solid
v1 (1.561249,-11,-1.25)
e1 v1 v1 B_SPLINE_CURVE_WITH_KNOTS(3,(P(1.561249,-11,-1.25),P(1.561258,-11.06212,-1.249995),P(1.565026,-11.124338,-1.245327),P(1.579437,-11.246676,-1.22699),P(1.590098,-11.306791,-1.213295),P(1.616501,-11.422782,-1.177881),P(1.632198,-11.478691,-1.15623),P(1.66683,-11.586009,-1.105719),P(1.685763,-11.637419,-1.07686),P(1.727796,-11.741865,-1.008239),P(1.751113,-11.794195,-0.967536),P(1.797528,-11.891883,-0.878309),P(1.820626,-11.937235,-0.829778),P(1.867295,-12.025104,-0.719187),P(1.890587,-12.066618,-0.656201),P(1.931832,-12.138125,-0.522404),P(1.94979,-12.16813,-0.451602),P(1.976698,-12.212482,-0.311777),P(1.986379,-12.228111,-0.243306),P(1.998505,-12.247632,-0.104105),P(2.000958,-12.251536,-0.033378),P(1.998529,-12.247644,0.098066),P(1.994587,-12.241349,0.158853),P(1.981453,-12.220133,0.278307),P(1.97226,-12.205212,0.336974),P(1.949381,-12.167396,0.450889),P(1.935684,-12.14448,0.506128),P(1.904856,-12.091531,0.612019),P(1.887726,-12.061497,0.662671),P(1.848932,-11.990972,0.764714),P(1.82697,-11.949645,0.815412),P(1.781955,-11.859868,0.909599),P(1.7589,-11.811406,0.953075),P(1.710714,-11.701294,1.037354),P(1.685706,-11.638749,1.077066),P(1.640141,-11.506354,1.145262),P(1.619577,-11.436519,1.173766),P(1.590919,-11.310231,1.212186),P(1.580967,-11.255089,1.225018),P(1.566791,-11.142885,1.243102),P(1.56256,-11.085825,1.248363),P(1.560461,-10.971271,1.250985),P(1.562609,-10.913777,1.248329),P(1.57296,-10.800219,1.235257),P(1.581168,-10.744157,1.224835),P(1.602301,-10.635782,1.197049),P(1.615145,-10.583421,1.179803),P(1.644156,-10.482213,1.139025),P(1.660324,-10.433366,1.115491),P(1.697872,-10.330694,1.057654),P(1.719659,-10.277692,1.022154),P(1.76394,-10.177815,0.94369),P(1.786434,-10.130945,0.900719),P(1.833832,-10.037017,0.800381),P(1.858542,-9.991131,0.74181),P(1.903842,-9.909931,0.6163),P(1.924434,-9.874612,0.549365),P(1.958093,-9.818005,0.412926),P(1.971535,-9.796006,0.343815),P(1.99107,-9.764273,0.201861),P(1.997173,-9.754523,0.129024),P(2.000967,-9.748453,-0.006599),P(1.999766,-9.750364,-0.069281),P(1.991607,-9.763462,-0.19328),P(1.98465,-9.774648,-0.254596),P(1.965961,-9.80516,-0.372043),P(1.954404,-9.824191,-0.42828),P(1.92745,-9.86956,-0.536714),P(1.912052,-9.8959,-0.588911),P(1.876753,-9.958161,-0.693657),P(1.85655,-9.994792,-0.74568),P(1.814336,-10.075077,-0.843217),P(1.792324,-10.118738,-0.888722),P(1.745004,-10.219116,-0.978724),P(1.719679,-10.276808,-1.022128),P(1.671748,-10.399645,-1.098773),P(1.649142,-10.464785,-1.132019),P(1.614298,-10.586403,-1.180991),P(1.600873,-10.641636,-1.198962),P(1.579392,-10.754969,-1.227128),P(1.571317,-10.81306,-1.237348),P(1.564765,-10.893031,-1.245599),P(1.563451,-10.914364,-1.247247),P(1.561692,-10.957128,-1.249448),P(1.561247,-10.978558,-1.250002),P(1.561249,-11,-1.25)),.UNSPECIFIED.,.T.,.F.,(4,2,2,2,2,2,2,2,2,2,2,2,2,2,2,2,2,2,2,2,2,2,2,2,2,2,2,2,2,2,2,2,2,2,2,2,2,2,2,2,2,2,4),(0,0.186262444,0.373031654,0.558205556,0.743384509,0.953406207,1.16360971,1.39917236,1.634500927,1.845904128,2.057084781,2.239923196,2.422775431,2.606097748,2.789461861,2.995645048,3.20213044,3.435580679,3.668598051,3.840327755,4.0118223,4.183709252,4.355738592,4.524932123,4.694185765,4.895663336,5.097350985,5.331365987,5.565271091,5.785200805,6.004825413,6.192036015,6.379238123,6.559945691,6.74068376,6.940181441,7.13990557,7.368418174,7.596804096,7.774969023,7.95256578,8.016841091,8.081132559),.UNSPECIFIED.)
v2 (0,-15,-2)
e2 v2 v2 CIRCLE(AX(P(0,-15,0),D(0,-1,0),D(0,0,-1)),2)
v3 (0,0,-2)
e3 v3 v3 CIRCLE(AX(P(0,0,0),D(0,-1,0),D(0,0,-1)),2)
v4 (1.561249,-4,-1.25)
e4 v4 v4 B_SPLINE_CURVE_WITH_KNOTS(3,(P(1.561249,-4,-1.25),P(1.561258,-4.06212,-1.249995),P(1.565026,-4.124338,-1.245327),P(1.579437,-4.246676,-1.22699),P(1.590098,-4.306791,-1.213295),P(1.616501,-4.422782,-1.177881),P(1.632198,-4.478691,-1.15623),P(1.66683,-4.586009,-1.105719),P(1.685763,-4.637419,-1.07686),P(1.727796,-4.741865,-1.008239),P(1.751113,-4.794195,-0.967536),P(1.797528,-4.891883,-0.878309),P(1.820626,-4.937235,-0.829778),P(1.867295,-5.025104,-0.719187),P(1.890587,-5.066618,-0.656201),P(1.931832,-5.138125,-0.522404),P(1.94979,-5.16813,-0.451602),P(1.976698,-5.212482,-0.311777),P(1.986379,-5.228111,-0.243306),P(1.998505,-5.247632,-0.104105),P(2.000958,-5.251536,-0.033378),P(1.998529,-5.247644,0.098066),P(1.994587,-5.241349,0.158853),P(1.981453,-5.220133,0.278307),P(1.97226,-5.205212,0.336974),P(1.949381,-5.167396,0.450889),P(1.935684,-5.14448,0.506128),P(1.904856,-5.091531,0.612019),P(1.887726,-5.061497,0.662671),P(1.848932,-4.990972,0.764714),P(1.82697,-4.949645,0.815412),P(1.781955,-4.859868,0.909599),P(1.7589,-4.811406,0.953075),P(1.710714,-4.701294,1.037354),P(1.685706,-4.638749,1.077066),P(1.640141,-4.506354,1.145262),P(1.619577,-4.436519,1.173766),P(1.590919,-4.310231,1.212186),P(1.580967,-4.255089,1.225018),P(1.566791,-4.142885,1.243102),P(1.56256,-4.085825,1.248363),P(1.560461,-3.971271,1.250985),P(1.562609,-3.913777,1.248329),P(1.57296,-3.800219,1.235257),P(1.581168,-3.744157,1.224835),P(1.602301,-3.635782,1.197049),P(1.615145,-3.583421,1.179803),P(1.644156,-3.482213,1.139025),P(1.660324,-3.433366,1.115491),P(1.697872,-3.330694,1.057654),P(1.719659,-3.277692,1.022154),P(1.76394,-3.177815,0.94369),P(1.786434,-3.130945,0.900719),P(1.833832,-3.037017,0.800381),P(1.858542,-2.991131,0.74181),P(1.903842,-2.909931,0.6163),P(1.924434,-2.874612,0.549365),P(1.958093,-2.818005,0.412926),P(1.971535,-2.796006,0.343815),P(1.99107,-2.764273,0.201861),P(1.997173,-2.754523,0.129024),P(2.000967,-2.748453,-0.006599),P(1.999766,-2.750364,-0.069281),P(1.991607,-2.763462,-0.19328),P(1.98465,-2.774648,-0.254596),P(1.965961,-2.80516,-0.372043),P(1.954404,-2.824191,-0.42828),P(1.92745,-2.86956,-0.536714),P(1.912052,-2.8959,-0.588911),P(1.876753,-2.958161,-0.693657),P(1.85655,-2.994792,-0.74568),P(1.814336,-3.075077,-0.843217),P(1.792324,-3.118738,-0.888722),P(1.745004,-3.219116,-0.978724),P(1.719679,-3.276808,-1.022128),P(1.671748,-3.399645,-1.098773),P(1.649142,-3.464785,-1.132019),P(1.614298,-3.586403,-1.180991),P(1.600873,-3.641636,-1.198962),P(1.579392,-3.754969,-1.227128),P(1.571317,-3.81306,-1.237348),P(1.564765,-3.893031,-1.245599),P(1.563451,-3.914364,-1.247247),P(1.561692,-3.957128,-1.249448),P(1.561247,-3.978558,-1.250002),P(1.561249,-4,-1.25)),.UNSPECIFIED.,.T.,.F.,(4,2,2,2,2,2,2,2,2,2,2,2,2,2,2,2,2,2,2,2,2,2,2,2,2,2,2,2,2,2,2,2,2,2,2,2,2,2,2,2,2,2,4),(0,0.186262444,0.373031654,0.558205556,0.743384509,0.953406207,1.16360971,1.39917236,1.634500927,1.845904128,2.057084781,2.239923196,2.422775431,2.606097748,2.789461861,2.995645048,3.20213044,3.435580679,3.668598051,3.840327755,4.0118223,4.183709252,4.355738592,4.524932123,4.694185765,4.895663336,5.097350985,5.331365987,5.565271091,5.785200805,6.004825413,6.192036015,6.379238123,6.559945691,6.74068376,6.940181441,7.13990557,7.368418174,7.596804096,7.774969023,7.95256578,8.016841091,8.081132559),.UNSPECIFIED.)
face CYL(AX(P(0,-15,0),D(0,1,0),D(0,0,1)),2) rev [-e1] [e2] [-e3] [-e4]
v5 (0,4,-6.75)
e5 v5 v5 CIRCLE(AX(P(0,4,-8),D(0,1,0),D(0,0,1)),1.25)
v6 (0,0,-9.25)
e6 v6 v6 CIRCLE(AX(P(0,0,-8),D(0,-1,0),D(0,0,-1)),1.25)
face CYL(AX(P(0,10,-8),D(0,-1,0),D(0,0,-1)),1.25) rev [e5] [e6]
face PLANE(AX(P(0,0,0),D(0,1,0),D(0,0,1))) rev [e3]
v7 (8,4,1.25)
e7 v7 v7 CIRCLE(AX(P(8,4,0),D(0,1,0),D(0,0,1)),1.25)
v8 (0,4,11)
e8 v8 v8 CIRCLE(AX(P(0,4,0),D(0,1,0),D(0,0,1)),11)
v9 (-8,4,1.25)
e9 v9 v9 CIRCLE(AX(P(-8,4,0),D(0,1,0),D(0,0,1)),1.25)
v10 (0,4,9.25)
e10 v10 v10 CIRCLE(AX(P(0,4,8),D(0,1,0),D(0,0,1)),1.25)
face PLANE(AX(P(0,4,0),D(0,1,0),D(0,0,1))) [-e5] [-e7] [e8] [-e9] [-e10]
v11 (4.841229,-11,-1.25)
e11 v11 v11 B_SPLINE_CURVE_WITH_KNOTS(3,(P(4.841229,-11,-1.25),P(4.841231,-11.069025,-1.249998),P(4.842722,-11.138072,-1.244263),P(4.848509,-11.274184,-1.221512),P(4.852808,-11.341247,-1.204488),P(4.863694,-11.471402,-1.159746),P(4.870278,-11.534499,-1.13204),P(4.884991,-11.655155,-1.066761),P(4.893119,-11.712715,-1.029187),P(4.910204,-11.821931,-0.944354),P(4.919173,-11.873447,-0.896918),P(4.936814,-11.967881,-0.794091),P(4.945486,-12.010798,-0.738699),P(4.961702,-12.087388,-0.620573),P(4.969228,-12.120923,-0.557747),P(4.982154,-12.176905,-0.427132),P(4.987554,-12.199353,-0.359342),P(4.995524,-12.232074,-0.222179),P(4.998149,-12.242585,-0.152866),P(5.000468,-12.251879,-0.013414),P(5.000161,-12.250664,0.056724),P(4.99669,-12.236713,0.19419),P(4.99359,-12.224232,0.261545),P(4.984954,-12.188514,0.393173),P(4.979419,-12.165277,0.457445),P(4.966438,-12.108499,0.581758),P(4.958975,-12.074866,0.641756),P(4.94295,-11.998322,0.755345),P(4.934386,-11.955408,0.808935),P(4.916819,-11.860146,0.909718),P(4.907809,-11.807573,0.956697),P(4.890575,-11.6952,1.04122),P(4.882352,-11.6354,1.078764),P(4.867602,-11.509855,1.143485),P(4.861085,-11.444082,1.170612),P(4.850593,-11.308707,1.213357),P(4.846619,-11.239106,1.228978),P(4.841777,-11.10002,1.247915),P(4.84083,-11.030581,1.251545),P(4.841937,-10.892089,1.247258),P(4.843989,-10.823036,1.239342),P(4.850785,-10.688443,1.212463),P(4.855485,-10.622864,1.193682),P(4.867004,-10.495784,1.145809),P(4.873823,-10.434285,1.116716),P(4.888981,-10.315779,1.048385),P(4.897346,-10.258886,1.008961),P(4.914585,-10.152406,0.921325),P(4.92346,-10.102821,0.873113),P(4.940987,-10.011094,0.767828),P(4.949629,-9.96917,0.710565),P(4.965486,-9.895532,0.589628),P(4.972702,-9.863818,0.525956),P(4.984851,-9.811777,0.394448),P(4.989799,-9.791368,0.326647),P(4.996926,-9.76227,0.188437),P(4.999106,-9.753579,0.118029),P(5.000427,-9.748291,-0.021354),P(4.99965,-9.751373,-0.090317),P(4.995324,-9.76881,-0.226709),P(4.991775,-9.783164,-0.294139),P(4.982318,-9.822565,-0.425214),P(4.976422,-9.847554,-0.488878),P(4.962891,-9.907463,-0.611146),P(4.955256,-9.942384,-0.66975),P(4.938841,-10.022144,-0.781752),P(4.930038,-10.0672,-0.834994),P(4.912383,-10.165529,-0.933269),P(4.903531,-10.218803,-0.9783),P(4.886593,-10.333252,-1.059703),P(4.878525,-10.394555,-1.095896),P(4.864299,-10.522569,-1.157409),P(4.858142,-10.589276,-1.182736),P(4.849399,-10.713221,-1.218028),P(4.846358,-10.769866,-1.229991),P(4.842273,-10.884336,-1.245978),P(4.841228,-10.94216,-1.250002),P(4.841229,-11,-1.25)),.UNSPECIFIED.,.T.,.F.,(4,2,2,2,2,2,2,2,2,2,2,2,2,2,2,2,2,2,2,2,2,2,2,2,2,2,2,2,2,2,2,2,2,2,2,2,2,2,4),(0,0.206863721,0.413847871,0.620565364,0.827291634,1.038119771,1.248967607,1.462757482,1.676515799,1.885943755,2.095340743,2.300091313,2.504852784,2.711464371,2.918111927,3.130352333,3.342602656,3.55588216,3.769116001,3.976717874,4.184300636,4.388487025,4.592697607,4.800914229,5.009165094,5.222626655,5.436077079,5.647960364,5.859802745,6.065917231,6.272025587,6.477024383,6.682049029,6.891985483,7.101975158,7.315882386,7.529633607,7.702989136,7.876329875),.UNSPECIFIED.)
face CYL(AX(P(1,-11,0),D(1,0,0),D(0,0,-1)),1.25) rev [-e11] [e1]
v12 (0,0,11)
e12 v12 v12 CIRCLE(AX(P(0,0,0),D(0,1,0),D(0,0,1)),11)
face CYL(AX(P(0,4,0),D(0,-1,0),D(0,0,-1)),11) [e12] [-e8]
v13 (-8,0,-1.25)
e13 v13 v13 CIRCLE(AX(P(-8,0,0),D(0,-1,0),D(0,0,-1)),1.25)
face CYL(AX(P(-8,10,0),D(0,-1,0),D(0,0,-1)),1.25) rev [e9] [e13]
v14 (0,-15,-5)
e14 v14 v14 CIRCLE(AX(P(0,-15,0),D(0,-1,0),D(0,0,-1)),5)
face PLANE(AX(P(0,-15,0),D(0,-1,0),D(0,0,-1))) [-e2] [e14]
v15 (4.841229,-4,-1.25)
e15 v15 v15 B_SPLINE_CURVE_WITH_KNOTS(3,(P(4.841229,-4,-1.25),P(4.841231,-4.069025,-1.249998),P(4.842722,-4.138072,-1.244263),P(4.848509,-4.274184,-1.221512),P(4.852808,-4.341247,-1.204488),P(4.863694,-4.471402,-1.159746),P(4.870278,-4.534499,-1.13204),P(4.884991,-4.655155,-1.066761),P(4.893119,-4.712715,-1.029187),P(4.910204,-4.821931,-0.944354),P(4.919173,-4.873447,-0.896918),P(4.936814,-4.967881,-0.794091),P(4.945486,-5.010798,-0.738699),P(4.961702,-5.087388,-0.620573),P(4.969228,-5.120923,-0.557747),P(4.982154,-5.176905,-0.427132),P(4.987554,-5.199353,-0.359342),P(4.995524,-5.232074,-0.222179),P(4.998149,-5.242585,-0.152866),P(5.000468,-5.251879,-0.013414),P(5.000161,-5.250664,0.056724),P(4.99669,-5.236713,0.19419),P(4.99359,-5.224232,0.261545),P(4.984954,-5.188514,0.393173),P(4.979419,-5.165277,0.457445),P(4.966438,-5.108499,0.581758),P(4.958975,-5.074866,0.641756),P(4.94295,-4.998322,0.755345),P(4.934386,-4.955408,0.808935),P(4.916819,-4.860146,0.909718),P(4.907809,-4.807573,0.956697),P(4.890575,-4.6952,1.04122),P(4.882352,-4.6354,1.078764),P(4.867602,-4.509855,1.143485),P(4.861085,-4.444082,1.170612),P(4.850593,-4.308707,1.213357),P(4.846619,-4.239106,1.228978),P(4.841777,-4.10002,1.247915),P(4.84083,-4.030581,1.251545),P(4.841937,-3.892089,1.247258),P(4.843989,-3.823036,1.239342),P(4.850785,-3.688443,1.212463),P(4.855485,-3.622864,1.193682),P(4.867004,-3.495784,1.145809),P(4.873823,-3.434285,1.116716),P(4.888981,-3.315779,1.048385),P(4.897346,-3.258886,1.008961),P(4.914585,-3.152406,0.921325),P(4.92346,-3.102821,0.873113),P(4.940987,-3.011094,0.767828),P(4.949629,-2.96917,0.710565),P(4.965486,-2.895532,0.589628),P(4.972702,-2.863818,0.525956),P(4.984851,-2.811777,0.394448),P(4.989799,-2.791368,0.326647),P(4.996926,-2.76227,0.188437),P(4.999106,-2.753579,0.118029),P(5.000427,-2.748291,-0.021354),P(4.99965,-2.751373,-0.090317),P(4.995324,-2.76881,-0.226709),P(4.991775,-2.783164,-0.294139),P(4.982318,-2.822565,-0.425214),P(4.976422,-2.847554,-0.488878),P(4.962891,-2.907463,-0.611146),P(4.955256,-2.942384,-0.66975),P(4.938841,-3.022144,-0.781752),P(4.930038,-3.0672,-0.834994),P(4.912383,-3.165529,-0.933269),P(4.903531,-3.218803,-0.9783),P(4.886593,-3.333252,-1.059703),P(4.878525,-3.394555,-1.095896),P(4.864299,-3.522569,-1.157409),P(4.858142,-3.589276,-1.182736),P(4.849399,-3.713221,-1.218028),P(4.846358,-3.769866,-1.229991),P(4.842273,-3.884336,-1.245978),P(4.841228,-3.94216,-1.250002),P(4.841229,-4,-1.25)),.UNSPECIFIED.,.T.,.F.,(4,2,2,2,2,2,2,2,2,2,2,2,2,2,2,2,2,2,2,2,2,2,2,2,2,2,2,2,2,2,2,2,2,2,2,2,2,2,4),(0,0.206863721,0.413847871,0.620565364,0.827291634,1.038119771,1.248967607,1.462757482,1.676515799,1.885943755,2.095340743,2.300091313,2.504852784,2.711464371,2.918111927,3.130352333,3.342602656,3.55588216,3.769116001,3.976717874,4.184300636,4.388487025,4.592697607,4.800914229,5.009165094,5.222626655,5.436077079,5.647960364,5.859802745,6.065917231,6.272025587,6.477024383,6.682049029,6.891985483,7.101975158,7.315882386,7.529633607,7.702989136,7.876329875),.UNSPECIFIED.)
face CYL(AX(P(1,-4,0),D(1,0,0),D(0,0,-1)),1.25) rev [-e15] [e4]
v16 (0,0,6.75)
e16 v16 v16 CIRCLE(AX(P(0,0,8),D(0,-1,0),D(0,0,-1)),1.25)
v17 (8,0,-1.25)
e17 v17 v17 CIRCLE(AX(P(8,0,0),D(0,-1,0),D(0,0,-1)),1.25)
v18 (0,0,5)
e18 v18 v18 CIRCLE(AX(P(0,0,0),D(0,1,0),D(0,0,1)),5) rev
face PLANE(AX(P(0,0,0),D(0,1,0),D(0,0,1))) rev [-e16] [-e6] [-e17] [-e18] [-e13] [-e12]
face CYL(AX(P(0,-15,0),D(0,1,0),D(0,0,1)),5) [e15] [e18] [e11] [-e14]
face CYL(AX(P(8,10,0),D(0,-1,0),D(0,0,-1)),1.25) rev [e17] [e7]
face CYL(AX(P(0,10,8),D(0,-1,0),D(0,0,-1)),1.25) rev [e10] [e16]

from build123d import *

# Parameters (mm, degrees)
SKETCH1_R           = 11
BOSS_EXTRUDE1_DEPTH = 4
SKETCH5_R           = 5
SKETCH5_R_2         = 2
BOSS_EXTRUDE2_DEPTH = 15
SKETCH2_R           = 1.25
CUT_EXTRUDE1_DEPTH  = 10
SKETCH20_R          = 1.25
CUT_EXTRUDE2_DEPTH  = 4


with BuildPart() as part:
    # Sketch1 → Boss-Extrude1 (new body)
    with BuildSketch(Plane(origin=(0, 0, 0), x_dir=(1, 0, 0), z_dir=(0, 1, 0))):
        with Locations(Location((0, 0, 0), (0, 0, 270))):
            Circle(SKETCH1_R)
    extrude(amount=BOSS_EXTRUDE1_DEPTH)

    # Sketch5 → Boss-Extrude2 (add)
    with BuildSketch(Plane.XZ):
        with Locations(Location((0, 0, 0), (0, 0, 90))):
            Circle(SKETCH5_R)
        with Locations(Location((0, 0, 0), (0, 0, 270))):
            Circle(SKETCH5_R_2, mode=Mode.SUBTRACT)
    extrude(amount=BOSS_EXTRUDE2_DEPTH)

    # Sketch2 → Cut-Extrude1 (cut)
    with BuildSketch(Plane.XZ):
        with Locations(Location((0, -8, 0), (0, 0, 270))):
            Circle(SKETCH2_R)
        with Locations(Location((-8, 0, 0), (0, 0, 270))):
            Circle(SKETCH2_R)
        with Locations(Location((0, 8, 0), (0, 0, 270))):
            Circle(SKETCH2_R)
        with Locations(Location((8, 0, 0), (0, 0, 270))):
            Circle(SKETCH2_R)
    extrude(amount=-CUT_EXTRUDE1_DEPTH, mode=Mode.SUBTRACT)

    # Sketch20 → Cut-Extrude2 (cut)
    with BuildSketch(Plane(origin=(5, 0, 0), x_dir=(0, 0, -1), z_dir=(1, 0, 0))):
        with Locations((0, -4)):
            Circle(SKETCH20_R)
        with Locations((0, -11)):
            Circle(SKETCH20_R)
    extrude(amount=-CUT_EXTRUDE2_DEPTH, mode=Mode.SUBTRACT)


solid = part.part
